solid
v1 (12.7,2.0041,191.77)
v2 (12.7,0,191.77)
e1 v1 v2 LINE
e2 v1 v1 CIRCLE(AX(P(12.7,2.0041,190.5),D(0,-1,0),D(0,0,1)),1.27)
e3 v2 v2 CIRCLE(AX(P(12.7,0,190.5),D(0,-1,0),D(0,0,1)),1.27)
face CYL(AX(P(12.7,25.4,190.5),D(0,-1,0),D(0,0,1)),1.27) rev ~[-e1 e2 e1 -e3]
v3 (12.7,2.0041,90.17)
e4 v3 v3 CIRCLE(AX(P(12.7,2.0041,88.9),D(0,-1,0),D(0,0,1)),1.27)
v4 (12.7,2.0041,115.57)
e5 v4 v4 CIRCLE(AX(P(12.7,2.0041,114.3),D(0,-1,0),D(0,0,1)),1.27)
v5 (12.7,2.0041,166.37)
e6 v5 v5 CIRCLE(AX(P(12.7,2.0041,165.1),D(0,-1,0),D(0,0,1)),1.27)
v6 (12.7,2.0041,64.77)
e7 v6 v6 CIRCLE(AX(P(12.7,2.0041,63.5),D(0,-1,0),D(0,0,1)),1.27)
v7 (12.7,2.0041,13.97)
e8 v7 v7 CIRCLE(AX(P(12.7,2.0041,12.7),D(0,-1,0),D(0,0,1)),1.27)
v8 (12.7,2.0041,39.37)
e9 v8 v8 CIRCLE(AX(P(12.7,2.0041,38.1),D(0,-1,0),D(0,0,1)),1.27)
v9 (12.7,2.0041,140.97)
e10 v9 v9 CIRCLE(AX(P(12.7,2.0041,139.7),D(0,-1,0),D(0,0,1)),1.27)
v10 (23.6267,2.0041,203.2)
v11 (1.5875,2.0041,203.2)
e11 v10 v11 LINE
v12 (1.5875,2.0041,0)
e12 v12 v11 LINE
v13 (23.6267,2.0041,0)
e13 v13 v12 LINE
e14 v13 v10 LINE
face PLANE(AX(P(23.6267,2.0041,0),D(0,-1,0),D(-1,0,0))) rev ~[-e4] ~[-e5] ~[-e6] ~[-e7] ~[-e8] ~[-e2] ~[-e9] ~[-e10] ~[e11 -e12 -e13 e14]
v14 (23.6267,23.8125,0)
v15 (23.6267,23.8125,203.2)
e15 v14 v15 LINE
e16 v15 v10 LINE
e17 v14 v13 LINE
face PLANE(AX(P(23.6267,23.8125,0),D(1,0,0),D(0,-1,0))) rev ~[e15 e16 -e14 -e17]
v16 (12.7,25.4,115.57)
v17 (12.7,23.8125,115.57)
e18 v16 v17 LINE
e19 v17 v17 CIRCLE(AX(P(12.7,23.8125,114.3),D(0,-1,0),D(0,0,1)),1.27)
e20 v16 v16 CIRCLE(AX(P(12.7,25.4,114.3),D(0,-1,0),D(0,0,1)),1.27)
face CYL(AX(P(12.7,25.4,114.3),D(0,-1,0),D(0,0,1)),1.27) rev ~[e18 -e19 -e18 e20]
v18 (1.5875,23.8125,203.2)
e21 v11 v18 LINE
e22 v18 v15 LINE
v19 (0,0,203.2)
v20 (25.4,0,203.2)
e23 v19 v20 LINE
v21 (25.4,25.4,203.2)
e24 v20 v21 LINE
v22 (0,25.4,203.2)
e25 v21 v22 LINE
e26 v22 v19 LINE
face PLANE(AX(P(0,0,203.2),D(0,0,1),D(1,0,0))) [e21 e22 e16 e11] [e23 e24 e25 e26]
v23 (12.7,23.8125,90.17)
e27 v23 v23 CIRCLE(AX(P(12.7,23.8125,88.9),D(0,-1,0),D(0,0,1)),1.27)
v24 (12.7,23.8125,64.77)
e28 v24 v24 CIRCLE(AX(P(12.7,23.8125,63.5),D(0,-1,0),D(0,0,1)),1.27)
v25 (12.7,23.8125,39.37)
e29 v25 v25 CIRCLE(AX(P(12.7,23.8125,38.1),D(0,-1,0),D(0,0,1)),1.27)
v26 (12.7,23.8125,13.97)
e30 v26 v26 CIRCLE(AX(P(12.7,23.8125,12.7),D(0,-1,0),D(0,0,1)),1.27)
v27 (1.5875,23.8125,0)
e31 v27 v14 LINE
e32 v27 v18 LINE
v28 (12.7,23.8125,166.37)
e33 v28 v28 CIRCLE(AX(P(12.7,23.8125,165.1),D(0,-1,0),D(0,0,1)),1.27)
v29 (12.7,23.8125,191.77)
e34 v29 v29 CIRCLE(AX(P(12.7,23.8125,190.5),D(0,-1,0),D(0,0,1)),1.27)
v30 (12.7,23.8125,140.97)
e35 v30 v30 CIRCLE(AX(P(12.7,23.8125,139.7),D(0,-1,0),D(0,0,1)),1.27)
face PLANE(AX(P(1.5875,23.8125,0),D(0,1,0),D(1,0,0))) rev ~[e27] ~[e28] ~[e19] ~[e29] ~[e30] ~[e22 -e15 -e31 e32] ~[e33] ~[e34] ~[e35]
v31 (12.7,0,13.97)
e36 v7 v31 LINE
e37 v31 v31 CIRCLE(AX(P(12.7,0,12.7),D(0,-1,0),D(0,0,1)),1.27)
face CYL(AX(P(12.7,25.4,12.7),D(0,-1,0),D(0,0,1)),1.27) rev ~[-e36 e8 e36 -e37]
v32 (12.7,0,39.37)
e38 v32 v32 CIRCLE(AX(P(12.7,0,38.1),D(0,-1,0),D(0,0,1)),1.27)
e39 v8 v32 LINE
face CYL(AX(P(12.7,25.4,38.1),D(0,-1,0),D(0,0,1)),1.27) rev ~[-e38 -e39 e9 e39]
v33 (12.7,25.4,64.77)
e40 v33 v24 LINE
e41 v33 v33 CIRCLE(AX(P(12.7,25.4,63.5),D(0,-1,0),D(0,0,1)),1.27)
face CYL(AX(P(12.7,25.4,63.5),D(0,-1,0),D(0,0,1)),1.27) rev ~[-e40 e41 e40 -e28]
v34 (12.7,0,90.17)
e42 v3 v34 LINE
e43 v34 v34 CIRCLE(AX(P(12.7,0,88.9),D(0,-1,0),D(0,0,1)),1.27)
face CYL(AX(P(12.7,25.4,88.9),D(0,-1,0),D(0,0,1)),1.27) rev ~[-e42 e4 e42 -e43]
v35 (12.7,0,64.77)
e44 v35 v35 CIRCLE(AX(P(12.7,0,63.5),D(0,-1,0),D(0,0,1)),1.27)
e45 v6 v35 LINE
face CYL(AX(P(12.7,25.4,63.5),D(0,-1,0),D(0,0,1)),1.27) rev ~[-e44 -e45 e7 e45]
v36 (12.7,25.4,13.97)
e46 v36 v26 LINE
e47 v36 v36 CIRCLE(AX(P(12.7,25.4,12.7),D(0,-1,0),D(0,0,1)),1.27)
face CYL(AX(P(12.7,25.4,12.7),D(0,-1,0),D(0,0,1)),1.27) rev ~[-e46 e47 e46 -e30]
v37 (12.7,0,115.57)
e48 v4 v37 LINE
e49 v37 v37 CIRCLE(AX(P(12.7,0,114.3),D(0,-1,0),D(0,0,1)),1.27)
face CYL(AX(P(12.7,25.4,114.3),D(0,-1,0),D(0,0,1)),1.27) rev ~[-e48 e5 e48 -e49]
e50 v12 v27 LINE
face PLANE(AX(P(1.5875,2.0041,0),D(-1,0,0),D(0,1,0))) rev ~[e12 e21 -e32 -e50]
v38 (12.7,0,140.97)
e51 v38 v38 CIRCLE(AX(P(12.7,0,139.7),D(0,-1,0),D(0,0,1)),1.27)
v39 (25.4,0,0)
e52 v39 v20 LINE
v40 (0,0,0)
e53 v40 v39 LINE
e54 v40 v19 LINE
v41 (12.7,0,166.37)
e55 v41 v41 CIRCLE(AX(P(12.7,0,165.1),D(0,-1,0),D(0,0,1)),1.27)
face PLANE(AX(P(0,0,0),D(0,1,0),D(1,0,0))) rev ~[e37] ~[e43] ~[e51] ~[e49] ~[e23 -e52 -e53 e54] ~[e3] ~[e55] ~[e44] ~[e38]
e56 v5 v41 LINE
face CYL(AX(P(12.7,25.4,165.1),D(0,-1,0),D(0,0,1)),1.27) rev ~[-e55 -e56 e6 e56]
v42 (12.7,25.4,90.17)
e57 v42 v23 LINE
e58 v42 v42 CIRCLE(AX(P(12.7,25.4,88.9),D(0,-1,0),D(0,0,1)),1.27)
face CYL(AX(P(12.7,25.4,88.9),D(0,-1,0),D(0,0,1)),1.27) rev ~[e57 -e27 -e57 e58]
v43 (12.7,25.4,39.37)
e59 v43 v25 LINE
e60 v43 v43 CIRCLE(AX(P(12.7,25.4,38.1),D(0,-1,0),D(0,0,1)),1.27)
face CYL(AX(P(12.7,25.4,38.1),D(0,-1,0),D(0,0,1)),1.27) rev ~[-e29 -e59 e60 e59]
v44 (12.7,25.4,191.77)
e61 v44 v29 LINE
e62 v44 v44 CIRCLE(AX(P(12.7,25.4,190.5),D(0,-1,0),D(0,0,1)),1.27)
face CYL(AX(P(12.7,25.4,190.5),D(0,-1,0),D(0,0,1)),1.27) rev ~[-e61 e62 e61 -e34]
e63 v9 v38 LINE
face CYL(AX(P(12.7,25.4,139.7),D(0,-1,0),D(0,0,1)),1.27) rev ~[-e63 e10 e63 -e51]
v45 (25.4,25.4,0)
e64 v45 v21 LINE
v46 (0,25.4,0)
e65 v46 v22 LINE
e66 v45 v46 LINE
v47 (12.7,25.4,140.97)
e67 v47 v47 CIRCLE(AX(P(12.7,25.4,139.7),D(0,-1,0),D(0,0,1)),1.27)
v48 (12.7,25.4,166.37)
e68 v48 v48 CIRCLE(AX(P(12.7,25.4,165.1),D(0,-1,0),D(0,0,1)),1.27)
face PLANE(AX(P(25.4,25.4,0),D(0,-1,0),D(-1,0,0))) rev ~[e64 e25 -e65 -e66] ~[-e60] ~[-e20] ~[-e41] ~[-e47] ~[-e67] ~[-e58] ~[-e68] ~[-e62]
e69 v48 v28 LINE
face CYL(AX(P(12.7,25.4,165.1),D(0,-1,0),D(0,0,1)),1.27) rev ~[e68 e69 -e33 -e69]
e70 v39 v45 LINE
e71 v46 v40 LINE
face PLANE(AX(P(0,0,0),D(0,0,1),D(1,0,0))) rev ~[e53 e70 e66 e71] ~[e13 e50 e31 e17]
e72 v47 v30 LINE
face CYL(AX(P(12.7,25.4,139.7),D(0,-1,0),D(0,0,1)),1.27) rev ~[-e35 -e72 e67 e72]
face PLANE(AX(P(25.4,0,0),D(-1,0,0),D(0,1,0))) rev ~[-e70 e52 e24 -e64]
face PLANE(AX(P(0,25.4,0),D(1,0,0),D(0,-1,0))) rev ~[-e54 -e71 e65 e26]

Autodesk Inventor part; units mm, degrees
ref_plane "YZ Plane" through (0, 0, 0) normal (1, 0, 0) x (0, 1, 0)
ref_plane "XZ Plane" through (0, 0, 0) normal (0, 1, 0) x (-1, 0, 0)
ref_plane "XY Plane" through (0, 0, 0) normal (0, 0, 1) x (1, 0, 0)
sketch "Sketch1" plane through (0, 0, 0) normal (0, 0, 1) x (1, 0, 0)
  line L0 (0, 0) -> (25.4, 0)
  line L1 (25.4, 0) -> (25.4, 25.4)
  line L2 (25.4, 25.4) -> (0, 25.4)
  line L3 (0, 25.4) -> (0, 0)
  line L4 (1.5875, 23.8125) -> (23.6267, 23.8125)
  line L5 (23.6267, 23.8125) -> (23.6267, 2.0041)
  line L6 (23.6267, 2.0041) -> (1.5875, 2.0041)
  line L7 (1.5875, 2.0041) -> (1.5875, 23.8125)
  dimension "d0" = 25.4
  dimension "d1" = 25.4
  dimension "d2" = 1.5875
  dimension "d3" = 1.5875
extrude "Extrusion1" add sketch "Sketch1" along normal blind 203.2
sketch "Sketch2" plane through (0, 25.4, 0) normal (0, 1, 0) x (1, 0, 0)
  line L0 (25.4, 0) -> (0, 0) projected
  line L1 (25.4, 0) -> (25.4, -203.2) projected
  point P0 (12.7, -12.7)
  point P1 (12.7, -38.1)
  point P2 (12.7, -63.5)
  point P3 (12.7, -88.9)
  point P4 (12.7, -114.3)
  point P5 (12.7, -139.7)
  point P6 (12.7, -165.1)
  point P7 (12.7, -190.5)
  point P8 (12.7, -215.9)
  point P9 (12.7, -241.3)
  point P10 (12.7, -266.7)
  point P11 (12.7, -292.1)
  point P12 (12.7, -317.5)
  point P13 (12.7, -342.9)
  point P14 (12.7, -368.3)
  dimension "d6" = 12.7
  dimension "d7" = 12.7
  dimension "d10" = 25.4
hole "Hole1" at (12.7, 25.4, 12.7) at (12.7, 25.4, 38.1) at (12.7, 25.4, 63.5) at (12.7, 25.4, 88.9) at (12.7, 25.4, 114.3) at (12.7, 25.4, 139.7) at (12.7, 25.4, 165.1) at (12.7, 25.4, 190.5) at (12.7, 25.4, 215.9) at (12.7, 25.4, 241.3) at (12.7, 25.4, 266.7) at (12.7, 25.4, 292.1) at (12.7, 25.4, 317.5) at (12.7, 25.4, 342.9) at (12.7, 25.4, 368.3) direction (0, -1, 0) diameter 2.54 depth 25.4 tip angle 118
properties part number "Drive Rail 1 upright 2"
